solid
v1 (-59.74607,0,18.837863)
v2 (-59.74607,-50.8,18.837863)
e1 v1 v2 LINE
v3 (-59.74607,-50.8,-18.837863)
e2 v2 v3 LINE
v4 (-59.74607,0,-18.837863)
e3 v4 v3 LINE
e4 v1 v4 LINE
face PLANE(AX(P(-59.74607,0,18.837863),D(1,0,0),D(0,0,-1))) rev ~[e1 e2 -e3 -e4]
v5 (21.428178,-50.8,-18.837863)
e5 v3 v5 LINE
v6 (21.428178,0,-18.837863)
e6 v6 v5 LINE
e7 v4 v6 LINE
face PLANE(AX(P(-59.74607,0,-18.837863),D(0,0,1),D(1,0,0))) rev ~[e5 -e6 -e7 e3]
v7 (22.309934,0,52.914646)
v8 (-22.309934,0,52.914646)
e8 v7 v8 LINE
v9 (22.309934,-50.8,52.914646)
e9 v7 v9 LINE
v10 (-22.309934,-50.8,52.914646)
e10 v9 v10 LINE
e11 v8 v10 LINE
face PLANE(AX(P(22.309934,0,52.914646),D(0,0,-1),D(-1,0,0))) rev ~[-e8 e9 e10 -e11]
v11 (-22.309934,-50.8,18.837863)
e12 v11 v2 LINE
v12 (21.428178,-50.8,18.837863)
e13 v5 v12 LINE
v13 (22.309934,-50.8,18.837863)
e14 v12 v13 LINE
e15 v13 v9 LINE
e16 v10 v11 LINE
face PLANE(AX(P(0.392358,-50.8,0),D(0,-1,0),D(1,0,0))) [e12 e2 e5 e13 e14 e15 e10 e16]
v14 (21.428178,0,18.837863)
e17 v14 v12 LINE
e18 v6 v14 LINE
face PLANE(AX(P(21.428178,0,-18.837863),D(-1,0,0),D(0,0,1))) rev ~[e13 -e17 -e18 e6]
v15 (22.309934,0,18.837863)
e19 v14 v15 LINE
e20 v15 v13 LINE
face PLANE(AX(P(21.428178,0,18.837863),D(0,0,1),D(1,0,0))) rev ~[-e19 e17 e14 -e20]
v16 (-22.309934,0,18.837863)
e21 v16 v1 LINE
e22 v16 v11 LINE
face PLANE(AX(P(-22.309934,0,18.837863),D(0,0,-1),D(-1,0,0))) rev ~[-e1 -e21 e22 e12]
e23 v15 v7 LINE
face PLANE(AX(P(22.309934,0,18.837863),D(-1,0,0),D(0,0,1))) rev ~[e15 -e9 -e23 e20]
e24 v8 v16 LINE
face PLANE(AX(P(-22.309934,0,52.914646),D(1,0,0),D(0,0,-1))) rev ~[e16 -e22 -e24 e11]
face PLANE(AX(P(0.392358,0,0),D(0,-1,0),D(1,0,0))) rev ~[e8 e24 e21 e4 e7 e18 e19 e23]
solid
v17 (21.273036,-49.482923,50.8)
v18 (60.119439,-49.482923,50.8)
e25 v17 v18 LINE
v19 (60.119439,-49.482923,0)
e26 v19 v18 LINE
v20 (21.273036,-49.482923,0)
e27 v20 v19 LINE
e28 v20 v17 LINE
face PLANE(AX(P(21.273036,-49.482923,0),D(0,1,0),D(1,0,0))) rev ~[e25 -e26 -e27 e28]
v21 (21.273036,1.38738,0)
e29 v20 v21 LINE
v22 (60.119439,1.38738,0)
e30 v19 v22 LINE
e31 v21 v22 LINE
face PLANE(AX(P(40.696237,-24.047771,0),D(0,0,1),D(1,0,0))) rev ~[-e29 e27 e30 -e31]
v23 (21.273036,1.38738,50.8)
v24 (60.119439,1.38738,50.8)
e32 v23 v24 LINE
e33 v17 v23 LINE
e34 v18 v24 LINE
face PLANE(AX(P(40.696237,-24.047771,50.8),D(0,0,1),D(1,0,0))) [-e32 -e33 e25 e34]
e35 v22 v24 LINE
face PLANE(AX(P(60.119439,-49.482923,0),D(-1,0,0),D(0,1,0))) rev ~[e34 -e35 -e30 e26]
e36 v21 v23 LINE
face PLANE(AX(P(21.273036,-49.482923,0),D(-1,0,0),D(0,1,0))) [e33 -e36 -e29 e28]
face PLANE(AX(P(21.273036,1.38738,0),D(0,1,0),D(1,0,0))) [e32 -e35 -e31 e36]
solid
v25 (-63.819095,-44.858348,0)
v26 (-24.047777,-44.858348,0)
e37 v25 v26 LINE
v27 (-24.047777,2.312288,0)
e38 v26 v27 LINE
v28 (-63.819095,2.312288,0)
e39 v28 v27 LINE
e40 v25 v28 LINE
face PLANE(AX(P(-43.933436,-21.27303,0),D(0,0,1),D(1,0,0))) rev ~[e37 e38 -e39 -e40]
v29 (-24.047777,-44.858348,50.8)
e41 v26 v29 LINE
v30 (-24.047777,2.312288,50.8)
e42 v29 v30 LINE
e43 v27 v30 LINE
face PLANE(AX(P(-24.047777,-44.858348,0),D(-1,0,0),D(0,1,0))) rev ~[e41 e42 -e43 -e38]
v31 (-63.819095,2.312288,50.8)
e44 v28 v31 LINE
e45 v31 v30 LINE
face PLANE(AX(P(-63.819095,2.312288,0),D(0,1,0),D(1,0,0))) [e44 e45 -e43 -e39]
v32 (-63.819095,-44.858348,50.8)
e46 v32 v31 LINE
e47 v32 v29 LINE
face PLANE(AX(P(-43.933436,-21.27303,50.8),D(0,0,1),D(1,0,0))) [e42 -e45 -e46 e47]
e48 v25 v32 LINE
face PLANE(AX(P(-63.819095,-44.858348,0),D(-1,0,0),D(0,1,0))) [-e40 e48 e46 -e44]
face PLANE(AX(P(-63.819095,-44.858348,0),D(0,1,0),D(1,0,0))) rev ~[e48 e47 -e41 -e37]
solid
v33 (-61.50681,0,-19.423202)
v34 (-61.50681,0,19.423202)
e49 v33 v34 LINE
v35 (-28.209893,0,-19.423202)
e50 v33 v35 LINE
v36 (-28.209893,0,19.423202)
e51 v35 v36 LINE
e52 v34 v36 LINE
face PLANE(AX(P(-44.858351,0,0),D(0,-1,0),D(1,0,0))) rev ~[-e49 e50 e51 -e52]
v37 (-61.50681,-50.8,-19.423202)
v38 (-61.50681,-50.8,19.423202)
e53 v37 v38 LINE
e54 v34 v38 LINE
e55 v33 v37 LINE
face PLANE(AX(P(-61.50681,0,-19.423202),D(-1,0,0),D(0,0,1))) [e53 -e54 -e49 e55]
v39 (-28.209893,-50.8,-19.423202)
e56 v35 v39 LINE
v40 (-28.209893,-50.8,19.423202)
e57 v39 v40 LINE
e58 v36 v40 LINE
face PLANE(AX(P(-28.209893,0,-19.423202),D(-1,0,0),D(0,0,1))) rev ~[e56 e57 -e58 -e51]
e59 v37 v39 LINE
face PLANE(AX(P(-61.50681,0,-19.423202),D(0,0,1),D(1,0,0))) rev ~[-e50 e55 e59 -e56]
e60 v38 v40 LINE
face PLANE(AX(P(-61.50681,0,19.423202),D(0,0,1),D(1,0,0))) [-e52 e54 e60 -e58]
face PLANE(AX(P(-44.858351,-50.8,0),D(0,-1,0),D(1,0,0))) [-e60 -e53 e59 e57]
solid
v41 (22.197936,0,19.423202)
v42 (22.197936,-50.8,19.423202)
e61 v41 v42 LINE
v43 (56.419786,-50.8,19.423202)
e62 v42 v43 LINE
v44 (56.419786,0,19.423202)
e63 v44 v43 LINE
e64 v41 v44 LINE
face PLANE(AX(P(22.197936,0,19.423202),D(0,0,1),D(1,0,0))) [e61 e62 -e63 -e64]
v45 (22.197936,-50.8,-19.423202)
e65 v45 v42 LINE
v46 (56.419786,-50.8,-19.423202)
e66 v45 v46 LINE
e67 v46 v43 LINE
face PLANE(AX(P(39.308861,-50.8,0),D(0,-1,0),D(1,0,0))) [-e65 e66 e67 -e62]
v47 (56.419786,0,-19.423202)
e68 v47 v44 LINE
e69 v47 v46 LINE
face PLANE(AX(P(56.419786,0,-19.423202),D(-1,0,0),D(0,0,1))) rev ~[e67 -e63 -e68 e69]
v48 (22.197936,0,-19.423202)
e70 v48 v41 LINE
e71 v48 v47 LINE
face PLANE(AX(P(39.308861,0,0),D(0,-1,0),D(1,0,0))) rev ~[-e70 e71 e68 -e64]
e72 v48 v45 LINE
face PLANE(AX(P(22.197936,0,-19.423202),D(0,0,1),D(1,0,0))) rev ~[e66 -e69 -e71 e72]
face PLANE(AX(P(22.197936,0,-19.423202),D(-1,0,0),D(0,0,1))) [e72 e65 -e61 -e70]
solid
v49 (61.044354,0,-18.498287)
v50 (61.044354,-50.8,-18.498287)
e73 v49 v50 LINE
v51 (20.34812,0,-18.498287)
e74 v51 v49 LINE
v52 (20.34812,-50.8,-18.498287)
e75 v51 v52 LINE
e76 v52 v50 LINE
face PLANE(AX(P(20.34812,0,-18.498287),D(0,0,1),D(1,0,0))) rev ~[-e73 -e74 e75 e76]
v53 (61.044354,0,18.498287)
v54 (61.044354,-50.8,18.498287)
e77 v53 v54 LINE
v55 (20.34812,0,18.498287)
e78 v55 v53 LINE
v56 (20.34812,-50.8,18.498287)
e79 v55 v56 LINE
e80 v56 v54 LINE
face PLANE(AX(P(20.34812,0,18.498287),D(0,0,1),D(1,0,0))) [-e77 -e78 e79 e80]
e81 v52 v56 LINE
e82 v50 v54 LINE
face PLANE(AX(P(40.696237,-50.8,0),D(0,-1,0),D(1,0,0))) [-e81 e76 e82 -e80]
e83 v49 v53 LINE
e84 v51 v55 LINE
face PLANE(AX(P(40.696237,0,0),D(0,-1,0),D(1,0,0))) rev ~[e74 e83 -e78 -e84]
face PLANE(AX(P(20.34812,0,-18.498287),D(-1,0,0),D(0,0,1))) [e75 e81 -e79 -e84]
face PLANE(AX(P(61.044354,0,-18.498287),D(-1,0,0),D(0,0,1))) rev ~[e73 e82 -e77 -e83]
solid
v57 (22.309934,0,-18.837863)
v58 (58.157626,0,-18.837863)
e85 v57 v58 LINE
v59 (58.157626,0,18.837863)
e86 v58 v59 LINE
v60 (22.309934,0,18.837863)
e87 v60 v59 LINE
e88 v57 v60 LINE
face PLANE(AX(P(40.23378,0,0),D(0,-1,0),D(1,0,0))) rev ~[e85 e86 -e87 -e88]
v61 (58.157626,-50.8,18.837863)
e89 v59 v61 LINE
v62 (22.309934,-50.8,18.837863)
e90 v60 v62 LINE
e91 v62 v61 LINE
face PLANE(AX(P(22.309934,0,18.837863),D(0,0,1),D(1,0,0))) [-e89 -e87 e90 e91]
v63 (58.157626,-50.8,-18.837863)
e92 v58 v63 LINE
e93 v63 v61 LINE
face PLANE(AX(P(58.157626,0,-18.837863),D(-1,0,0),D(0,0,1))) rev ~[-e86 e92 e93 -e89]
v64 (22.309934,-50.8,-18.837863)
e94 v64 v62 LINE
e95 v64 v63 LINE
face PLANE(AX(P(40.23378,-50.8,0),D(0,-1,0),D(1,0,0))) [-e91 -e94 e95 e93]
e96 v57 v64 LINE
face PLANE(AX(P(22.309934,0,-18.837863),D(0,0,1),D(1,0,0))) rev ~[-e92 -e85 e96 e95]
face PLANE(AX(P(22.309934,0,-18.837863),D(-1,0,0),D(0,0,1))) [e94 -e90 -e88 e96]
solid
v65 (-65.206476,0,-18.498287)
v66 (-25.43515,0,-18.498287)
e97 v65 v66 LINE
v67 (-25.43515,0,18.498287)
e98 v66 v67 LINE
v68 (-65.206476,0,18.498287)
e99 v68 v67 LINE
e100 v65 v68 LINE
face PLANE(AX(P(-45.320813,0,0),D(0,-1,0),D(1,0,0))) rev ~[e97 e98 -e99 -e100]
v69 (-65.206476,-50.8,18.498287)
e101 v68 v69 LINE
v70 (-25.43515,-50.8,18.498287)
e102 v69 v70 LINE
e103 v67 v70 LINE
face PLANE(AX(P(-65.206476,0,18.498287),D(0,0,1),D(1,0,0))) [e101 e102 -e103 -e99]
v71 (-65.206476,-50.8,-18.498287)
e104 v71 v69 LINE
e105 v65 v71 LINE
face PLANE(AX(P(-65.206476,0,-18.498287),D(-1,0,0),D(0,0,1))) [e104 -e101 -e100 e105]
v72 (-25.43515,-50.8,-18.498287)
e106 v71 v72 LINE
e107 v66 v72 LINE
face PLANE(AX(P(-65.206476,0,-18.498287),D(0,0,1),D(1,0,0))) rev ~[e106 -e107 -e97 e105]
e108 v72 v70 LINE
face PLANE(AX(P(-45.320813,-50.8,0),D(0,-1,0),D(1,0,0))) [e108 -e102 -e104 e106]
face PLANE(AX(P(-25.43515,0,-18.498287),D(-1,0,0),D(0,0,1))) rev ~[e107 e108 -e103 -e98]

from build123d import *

# Parameters (mm, degrees)
F0_W     = 35.8476921521
F0_H     = 37.6757253713
F1_DEPTH = 50.8
F0_W_2   = 42.0716410177
F0_W_3   = 0.7847153441
F2_W     = 39.7713258862
F2_H     = 36.9965732098
F3_DEPTH = 50.8
F2_W_2   = 40.696233511
F4_W     = 33.2969166338
F4_H     = 38.8464033604
F5_DEPTH = 50.8
F4_W_2   = 34.2218503356
F6_W     = 38.8464033604
F6_H     = 50.8703030646
F7_DEPTH = 50.8
F6_W_2   = 39.7713184357
F6_H_2   = 47.1706353128


with BuildPart() as f1:
    # F0 (on Front) → F1 (new body)
    with BuildSketch(Plane.XZ):
        with Locations((40.2337796986, 0)):
            Rectangle(F0_W, F0_H)
    extrude(amount=F1_DEPTH)


with BuildPart() as f1b:
    # F0 (on Front) → F1, piece 2 (new body)
    with BuildSketch(Plane.XZ):
        with Locations((0.392357672, 0)):
            Rectangle(F0_W_2, F0_H)
        with Locations((-21.0358205089, 0)):
            Rectangle(F0_W_3, F0_H)
        Polygon((-20.6434628368, 18.8378626856), (21.4281781809, 18.8378626856), (22.3099336226, 18.8378626856), (22.3099336226, 52.9146460188), (-22.3099336226, 52.9146460188), (-22.3099336226, 18.8378626856), (-21.4281781809, 18.8378626856), align=None)
        Polygon((-59.746069642, -18.8378626856), (-21.4281781809, -18.8378626856), (-21.4281781809, 18.8378626856), (-22.3099336226, 18.8378626856), (-59.746069642, 18.8378626856), align=None)
    extrude(amount=F1_DEPTH)


with BuildPart() as f3:
    # F2 (on Front) → F3 (new body)
    with BuildSketch(Plane.XZ):
        with Locations((-45.3208126128, 0)):
            Rectangle(F2_W, F2_H)
    extrude(amount=F3_DEPTH)


with BuildPart() as f3b:
    # F2 (on Front) → F3, piece 2 (new body)
    with BuildSketch(Plane.XZ):
        with Locations((40.6962372363, 0)):
            Rectangle(F2_W_2, F2_H)
    extrude(amount=F3_DEPTH)


with BuildPart() as f5:
    # F4 (on Front) → F5 (new body)
    with BuildSketch(Plane.XZ):
        with Locations((-44.8583513498, 0)):
            Rectangle(F4_W, F4_H)
    extrude(amount=F5_DEPTH)


with BuildPart() as f5b:
    # F4 (on Front) → F5, piece 2 (new body)
    with BuildSketch(Plane.XZ):
        with Locations((39.308860898, 0)):
            Rectangle(F4_W_2, F4_H)
    extrude(amount=F5_DEPTH)


with BuildPart() as f7:
    # F6 (on Top) → F7 (new body)
    with BuildSketch(Plane.XY):
        with Locations((40.6962372363, -24.0477714688)):
            Rectangle(F6_W, F6_H)
    extrude(amount=F7_DEPTH)


with BuildPart() as f7b:
    # F6 (on Top) → F7, piece 2 (new body)
    with BuildSketch(Plane.XY):
        with Locations((-43.9334362745, -21.2730299681)):
            Rectangle(F6_W_2, F6_H_2)
    extrude(amount=F7_DEPTH)


solid = Compound([f1.part, f1b.part, f3.part, f3b.part, f5.part, f5b.part, f7.part, f7b.part])
